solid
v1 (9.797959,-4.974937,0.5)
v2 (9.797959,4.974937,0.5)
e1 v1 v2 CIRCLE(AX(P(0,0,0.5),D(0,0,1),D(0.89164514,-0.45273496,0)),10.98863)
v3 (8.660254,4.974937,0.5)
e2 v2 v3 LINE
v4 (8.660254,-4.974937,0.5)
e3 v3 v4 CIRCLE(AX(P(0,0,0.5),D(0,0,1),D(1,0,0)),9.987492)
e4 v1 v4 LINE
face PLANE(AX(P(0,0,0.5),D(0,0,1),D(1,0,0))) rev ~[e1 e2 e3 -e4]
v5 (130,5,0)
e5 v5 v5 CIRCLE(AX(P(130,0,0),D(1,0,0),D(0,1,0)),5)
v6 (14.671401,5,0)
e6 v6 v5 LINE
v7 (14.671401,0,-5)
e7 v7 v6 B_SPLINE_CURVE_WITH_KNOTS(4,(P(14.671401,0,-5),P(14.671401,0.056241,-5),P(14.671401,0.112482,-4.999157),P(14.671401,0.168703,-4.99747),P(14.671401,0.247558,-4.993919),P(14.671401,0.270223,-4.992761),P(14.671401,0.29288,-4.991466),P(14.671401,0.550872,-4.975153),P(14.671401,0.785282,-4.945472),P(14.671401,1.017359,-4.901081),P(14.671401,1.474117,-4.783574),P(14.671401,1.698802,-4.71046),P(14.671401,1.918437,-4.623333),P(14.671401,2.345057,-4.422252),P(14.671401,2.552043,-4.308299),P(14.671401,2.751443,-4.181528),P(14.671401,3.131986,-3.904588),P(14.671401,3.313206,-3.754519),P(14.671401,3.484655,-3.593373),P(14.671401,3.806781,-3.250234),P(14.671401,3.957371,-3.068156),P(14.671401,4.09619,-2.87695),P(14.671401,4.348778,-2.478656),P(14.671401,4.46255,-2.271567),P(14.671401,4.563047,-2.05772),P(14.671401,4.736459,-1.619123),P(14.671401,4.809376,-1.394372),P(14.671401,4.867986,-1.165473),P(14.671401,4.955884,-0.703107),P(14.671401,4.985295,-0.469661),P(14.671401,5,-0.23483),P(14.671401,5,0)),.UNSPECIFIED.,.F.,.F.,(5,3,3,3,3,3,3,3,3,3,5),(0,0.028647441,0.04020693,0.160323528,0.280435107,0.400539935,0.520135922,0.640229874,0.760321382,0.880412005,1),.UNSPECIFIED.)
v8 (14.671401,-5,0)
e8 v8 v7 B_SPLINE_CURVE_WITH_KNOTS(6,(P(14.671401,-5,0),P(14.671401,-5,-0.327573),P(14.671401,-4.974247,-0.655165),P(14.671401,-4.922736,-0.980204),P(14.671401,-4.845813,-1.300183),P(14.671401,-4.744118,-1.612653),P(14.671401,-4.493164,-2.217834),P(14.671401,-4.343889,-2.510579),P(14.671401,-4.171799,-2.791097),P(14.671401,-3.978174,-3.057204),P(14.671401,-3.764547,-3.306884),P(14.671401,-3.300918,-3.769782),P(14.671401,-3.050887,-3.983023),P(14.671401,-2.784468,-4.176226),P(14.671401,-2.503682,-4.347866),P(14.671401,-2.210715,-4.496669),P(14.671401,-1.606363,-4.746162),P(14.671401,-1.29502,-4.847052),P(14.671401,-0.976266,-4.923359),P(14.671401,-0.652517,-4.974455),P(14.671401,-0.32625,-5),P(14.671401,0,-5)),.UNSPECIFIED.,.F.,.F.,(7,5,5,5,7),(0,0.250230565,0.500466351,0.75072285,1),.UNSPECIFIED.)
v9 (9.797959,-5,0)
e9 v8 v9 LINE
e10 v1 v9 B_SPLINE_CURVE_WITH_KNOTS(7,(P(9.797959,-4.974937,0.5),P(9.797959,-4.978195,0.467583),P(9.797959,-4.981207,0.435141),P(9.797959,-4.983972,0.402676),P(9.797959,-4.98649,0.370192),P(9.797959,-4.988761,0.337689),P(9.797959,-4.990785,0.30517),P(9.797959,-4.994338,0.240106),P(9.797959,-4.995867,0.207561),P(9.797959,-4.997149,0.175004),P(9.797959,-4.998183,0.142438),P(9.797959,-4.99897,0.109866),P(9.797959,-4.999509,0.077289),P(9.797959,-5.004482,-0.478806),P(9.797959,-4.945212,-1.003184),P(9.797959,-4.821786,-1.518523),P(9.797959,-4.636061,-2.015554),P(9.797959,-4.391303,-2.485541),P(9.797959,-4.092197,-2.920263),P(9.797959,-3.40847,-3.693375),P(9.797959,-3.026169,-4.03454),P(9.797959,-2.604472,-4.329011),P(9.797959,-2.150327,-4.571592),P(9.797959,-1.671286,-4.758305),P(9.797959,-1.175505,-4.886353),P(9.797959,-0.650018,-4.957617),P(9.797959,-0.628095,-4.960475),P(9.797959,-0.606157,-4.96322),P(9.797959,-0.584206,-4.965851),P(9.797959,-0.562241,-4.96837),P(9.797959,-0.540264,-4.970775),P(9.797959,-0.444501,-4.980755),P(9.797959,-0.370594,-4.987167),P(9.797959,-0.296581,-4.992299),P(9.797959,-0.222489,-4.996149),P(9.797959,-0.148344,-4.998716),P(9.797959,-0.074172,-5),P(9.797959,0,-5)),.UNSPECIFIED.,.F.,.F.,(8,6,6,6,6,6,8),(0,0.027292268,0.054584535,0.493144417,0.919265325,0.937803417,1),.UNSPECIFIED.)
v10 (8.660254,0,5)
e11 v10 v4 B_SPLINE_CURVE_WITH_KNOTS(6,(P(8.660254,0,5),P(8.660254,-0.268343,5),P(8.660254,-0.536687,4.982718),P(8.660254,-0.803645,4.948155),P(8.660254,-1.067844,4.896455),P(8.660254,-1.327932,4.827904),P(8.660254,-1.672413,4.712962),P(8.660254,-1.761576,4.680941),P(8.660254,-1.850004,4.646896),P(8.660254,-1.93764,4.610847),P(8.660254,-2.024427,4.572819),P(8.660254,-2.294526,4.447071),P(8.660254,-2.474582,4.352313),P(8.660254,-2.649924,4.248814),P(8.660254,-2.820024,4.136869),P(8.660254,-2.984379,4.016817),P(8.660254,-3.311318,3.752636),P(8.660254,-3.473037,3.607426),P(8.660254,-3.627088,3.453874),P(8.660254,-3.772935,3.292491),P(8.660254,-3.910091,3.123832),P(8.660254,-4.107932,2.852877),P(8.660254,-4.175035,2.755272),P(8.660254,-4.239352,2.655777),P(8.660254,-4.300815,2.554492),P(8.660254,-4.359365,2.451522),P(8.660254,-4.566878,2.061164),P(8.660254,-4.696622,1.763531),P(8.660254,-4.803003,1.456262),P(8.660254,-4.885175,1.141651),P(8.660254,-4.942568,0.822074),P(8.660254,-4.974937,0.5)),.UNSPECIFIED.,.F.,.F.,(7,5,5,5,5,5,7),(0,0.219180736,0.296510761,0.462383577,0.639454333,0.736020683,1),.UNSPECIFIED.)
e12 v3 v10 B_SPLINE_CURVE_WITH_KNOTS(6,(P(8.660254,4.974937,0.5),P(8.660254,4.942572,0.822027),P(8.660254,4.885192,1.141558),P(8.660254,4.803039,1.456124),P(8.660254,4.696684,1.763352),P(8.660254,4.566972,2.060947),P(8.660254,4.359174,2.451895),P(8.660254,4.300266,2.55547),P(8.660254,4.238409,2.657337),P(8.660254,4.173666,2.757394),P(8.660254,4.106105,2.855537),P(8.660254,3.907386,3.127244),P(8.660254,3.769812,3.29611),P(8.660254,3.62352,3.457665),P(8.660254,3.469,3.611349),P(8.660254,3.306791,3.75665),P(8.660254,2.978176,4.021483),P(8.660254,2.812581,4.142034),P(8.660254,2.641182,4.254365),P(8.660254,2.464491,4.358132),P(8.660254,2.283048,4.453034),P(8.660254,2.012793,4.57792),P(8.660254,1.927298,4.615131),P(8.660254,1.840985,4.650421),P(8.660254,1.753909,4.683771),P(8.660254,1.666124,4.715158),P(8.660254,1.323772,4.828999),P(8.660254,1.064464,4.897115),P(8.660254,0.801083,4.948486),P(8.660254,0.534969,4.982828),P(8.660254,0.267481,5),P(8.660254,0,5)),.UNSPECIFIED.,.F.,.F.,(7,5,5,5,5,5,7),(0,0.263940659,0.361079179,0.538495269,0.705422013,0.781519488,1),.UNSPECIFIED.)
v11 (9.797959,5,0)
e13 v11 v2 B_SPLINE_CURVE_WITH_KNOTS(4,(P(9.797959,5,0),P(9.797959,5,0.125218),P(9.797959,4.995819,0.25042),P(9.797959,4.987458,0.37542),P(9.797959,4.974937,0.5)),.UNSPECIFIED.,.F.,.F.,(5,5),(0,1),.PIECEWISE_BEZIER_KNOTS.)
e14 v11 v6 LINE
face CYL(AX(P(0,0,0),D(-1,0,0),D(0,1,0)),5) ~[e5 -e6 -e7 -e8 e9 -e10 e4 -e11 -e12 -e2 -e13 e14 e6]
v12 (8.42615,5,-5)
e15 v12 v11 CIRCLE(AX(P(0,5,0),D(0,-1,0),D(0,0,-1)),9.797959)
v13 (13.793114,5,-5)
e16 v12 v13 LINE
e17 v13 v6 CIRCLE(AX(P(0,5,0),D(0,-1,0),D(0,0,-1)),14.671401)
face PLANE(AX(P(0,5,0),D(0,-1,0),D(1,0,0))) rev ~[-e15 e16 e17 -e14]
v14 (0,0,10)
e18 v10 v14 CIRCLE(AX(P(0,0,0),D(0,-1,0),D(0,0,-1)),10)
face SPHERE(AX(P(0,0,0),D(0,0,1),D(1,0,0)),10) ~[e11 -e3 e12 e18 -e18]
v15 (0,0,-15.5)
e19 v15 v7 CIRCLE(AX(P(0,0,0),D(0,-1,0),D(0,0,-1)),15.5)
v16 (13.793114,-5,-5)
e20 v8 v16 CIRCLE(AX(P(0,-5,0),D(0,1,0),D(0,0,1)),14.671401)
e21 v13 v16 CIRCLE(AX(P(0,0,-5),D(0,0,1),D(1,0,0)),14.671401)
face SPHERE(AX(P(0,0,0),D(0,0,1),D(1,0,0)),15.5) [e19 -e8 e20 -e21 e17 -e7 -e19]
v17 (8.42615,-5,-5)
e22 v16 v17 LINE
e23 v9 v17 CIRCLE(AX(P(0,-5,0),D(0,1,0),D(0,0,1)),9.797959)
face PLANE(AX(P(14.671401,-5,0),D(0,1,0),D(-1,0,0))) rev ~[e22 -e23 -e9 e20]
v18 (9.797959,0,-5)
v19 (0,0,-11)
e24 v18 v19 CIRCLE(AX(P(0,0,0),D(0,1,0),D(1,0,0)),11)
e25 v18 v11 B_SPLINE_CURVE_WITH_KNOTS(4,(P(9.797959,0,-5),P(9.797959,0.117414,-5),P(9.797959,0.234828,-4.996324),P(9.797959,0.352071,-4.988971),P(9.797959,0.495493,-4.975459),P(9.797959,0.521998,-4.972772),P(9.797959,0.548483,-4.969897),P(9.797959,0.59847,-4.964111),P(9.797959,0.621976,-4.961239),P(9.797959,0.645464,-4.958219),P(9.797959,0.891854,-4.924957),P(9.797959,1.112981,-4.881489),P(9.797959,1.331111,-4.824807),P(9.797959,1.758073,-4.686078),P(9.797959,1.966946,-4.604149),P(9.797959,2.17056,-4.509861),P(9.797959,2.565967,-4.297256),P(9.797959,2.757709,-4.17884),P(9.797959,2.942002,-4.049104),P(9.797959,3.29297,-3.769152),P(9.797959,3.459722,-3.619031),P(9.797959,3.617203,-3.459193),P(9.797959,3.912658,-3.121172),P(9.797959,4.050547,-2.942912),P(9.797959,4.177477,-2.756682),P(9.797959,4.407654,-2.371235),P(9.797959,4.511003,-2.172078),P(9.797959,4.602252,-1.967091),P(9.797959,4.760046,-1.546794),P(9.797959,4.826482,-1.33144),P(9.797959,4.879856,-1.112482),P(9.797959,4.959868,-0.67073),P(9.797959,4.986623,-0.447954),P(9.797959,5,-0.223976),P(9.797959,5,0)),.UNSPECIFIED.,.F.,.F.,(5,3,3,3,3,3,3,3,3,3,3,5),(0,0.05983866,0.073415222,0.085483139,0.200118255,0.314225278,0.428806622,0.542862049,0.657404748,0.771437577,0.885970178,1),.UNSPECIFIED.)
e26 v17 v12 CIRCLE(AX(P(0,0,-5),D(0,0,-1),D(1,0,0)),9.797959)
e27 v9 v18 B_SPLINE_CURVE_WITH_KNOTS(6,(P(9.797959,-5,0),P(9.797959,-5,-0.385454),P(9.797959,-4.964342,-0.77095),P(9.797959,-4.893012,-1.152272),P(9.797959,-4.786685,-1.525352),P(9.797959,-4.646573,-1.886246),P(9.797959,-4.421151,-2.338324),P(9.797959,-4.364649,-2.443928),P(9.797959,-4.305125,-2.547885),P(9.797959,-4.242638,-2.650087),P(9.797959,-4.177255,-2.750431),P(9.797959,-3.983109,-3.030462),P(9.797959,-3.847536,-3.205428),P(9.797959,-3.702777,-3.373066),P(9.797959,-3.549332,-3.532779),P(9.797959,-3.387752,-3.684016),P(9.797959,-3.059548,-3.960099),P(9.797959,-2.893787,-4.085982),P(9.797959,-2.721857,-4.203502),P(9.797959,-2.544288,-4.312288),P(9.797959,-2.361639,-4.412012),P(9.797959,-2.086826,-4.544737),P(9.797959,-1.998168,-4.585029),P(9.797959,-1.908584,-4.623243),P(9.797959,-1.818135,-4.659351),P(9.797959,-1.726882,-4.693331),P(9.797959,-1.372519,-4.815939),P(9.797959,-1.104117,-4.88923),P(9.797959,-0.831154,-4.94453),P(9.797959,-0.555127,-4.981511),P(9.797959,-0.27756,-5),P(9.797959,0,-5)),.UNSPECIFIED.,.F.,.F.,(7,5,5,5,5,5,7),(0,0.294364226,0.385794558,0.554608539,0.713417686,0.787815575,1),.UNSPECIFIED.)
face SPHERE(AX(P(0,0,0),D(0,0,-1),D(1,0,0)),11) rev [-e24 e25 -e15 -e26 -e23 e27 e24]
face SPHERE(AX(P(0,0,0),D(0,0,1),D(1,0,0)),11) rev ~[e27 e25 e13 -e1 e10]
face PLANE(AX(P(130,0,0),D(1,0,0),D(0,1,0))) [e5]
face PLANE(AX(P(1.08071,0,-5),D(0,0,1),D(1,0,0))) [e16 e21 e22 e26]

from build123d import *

# Parameters (mm, degrees)
F2_R          = 10
F3_DEPTH      = 0.5
F3_DEPTH_BACK = 10.001
F6_R          = 5
F7_DEPTH      = 130
F11_DEPTH     = 5


with BuildPart() as f1:
    # F0 (on Front) → F1 (revolve)
    with BuildSketch(Plane.XZ):
        with BuildLine():
            Line((0, 10), (0, -10))
            ThreePointArc((0, -10), (10, 0), (0, 10))
        make_face()
    revolve(axis=Axis((0, 0, 0), (0, 0, -1)))

    # F2 (on Top) → F3 (cut, two sides)
    with BuildSketch(Plane.XY) as f3_sk:
        Circle(F2_R)
    extrude(amount=F3_DEPTH, mode=Mode.SUBTRACT)
    extrude(f3_sk.sketch, amount=-F3_DEPTH_BACK, mode=Mode.SUBTRACT)



with BuildPart() as f5:
    # F4 (on Front) → F5 (revolve)
    with BuildSketch(Plane.XZ):
        with BuildLine():
            ThreePointArc((11, 0), (7.7781745931, -7.7781745931), (0, -11))
            Line((0, -11), (0, -15.5))
            ThreePointArc((0, -15.5), (10.9601551084, -10.9601551084), (15.5, 0))
            Line((15.5, 0), (11, 0))
        make_face()
    revolve(axis=Axis((0, 0, -13.25), (0, 0, 1)))


with BuildPart() as f1_1:
    add(f1.part)

    add(f5.part)  # F7 merges F5
    # F6 (on Right) → F7 (join)
    with BuildSketch(Plane.YZ):
        Circle(F6_R)
    extrude(amount=F7_DEPTH)

    # F8 (on Front) → F9 (revolve, cut)
    with BuildSketch(Plane.XZ):
        with BuildLine():
            Line((0, 0.5), (0, -11))
            ThreePointArc((0, -11), (7.9529868603, -7.5993420768), (10.9886304879, 0.5))
            Line((10.9886304879, 0.5), (0, 0.5))
        make_face()
    revolve(axis=Axis((0, 0, -5.25), (0, 0, 1)), mode=Mode.SUBTRACT)

    # F10 (on Top) → F11 (cut)
    with BuildSketch(Plane.XY):
        with BuildLine():
            Line((0, 5), (14.6714007511, 5))
            ThreePointArc((14.6714007511, 5), (-15.5, 0), (14.6714007511, -5))
            Line((14.6714007511, -5), (0, -5))
            Line((0, -5), (0, 5))
        make_face()
    extrude(amount=-F11_DEPTH, mode=Mode.SUBTRACT)


solid = f1_1.part
